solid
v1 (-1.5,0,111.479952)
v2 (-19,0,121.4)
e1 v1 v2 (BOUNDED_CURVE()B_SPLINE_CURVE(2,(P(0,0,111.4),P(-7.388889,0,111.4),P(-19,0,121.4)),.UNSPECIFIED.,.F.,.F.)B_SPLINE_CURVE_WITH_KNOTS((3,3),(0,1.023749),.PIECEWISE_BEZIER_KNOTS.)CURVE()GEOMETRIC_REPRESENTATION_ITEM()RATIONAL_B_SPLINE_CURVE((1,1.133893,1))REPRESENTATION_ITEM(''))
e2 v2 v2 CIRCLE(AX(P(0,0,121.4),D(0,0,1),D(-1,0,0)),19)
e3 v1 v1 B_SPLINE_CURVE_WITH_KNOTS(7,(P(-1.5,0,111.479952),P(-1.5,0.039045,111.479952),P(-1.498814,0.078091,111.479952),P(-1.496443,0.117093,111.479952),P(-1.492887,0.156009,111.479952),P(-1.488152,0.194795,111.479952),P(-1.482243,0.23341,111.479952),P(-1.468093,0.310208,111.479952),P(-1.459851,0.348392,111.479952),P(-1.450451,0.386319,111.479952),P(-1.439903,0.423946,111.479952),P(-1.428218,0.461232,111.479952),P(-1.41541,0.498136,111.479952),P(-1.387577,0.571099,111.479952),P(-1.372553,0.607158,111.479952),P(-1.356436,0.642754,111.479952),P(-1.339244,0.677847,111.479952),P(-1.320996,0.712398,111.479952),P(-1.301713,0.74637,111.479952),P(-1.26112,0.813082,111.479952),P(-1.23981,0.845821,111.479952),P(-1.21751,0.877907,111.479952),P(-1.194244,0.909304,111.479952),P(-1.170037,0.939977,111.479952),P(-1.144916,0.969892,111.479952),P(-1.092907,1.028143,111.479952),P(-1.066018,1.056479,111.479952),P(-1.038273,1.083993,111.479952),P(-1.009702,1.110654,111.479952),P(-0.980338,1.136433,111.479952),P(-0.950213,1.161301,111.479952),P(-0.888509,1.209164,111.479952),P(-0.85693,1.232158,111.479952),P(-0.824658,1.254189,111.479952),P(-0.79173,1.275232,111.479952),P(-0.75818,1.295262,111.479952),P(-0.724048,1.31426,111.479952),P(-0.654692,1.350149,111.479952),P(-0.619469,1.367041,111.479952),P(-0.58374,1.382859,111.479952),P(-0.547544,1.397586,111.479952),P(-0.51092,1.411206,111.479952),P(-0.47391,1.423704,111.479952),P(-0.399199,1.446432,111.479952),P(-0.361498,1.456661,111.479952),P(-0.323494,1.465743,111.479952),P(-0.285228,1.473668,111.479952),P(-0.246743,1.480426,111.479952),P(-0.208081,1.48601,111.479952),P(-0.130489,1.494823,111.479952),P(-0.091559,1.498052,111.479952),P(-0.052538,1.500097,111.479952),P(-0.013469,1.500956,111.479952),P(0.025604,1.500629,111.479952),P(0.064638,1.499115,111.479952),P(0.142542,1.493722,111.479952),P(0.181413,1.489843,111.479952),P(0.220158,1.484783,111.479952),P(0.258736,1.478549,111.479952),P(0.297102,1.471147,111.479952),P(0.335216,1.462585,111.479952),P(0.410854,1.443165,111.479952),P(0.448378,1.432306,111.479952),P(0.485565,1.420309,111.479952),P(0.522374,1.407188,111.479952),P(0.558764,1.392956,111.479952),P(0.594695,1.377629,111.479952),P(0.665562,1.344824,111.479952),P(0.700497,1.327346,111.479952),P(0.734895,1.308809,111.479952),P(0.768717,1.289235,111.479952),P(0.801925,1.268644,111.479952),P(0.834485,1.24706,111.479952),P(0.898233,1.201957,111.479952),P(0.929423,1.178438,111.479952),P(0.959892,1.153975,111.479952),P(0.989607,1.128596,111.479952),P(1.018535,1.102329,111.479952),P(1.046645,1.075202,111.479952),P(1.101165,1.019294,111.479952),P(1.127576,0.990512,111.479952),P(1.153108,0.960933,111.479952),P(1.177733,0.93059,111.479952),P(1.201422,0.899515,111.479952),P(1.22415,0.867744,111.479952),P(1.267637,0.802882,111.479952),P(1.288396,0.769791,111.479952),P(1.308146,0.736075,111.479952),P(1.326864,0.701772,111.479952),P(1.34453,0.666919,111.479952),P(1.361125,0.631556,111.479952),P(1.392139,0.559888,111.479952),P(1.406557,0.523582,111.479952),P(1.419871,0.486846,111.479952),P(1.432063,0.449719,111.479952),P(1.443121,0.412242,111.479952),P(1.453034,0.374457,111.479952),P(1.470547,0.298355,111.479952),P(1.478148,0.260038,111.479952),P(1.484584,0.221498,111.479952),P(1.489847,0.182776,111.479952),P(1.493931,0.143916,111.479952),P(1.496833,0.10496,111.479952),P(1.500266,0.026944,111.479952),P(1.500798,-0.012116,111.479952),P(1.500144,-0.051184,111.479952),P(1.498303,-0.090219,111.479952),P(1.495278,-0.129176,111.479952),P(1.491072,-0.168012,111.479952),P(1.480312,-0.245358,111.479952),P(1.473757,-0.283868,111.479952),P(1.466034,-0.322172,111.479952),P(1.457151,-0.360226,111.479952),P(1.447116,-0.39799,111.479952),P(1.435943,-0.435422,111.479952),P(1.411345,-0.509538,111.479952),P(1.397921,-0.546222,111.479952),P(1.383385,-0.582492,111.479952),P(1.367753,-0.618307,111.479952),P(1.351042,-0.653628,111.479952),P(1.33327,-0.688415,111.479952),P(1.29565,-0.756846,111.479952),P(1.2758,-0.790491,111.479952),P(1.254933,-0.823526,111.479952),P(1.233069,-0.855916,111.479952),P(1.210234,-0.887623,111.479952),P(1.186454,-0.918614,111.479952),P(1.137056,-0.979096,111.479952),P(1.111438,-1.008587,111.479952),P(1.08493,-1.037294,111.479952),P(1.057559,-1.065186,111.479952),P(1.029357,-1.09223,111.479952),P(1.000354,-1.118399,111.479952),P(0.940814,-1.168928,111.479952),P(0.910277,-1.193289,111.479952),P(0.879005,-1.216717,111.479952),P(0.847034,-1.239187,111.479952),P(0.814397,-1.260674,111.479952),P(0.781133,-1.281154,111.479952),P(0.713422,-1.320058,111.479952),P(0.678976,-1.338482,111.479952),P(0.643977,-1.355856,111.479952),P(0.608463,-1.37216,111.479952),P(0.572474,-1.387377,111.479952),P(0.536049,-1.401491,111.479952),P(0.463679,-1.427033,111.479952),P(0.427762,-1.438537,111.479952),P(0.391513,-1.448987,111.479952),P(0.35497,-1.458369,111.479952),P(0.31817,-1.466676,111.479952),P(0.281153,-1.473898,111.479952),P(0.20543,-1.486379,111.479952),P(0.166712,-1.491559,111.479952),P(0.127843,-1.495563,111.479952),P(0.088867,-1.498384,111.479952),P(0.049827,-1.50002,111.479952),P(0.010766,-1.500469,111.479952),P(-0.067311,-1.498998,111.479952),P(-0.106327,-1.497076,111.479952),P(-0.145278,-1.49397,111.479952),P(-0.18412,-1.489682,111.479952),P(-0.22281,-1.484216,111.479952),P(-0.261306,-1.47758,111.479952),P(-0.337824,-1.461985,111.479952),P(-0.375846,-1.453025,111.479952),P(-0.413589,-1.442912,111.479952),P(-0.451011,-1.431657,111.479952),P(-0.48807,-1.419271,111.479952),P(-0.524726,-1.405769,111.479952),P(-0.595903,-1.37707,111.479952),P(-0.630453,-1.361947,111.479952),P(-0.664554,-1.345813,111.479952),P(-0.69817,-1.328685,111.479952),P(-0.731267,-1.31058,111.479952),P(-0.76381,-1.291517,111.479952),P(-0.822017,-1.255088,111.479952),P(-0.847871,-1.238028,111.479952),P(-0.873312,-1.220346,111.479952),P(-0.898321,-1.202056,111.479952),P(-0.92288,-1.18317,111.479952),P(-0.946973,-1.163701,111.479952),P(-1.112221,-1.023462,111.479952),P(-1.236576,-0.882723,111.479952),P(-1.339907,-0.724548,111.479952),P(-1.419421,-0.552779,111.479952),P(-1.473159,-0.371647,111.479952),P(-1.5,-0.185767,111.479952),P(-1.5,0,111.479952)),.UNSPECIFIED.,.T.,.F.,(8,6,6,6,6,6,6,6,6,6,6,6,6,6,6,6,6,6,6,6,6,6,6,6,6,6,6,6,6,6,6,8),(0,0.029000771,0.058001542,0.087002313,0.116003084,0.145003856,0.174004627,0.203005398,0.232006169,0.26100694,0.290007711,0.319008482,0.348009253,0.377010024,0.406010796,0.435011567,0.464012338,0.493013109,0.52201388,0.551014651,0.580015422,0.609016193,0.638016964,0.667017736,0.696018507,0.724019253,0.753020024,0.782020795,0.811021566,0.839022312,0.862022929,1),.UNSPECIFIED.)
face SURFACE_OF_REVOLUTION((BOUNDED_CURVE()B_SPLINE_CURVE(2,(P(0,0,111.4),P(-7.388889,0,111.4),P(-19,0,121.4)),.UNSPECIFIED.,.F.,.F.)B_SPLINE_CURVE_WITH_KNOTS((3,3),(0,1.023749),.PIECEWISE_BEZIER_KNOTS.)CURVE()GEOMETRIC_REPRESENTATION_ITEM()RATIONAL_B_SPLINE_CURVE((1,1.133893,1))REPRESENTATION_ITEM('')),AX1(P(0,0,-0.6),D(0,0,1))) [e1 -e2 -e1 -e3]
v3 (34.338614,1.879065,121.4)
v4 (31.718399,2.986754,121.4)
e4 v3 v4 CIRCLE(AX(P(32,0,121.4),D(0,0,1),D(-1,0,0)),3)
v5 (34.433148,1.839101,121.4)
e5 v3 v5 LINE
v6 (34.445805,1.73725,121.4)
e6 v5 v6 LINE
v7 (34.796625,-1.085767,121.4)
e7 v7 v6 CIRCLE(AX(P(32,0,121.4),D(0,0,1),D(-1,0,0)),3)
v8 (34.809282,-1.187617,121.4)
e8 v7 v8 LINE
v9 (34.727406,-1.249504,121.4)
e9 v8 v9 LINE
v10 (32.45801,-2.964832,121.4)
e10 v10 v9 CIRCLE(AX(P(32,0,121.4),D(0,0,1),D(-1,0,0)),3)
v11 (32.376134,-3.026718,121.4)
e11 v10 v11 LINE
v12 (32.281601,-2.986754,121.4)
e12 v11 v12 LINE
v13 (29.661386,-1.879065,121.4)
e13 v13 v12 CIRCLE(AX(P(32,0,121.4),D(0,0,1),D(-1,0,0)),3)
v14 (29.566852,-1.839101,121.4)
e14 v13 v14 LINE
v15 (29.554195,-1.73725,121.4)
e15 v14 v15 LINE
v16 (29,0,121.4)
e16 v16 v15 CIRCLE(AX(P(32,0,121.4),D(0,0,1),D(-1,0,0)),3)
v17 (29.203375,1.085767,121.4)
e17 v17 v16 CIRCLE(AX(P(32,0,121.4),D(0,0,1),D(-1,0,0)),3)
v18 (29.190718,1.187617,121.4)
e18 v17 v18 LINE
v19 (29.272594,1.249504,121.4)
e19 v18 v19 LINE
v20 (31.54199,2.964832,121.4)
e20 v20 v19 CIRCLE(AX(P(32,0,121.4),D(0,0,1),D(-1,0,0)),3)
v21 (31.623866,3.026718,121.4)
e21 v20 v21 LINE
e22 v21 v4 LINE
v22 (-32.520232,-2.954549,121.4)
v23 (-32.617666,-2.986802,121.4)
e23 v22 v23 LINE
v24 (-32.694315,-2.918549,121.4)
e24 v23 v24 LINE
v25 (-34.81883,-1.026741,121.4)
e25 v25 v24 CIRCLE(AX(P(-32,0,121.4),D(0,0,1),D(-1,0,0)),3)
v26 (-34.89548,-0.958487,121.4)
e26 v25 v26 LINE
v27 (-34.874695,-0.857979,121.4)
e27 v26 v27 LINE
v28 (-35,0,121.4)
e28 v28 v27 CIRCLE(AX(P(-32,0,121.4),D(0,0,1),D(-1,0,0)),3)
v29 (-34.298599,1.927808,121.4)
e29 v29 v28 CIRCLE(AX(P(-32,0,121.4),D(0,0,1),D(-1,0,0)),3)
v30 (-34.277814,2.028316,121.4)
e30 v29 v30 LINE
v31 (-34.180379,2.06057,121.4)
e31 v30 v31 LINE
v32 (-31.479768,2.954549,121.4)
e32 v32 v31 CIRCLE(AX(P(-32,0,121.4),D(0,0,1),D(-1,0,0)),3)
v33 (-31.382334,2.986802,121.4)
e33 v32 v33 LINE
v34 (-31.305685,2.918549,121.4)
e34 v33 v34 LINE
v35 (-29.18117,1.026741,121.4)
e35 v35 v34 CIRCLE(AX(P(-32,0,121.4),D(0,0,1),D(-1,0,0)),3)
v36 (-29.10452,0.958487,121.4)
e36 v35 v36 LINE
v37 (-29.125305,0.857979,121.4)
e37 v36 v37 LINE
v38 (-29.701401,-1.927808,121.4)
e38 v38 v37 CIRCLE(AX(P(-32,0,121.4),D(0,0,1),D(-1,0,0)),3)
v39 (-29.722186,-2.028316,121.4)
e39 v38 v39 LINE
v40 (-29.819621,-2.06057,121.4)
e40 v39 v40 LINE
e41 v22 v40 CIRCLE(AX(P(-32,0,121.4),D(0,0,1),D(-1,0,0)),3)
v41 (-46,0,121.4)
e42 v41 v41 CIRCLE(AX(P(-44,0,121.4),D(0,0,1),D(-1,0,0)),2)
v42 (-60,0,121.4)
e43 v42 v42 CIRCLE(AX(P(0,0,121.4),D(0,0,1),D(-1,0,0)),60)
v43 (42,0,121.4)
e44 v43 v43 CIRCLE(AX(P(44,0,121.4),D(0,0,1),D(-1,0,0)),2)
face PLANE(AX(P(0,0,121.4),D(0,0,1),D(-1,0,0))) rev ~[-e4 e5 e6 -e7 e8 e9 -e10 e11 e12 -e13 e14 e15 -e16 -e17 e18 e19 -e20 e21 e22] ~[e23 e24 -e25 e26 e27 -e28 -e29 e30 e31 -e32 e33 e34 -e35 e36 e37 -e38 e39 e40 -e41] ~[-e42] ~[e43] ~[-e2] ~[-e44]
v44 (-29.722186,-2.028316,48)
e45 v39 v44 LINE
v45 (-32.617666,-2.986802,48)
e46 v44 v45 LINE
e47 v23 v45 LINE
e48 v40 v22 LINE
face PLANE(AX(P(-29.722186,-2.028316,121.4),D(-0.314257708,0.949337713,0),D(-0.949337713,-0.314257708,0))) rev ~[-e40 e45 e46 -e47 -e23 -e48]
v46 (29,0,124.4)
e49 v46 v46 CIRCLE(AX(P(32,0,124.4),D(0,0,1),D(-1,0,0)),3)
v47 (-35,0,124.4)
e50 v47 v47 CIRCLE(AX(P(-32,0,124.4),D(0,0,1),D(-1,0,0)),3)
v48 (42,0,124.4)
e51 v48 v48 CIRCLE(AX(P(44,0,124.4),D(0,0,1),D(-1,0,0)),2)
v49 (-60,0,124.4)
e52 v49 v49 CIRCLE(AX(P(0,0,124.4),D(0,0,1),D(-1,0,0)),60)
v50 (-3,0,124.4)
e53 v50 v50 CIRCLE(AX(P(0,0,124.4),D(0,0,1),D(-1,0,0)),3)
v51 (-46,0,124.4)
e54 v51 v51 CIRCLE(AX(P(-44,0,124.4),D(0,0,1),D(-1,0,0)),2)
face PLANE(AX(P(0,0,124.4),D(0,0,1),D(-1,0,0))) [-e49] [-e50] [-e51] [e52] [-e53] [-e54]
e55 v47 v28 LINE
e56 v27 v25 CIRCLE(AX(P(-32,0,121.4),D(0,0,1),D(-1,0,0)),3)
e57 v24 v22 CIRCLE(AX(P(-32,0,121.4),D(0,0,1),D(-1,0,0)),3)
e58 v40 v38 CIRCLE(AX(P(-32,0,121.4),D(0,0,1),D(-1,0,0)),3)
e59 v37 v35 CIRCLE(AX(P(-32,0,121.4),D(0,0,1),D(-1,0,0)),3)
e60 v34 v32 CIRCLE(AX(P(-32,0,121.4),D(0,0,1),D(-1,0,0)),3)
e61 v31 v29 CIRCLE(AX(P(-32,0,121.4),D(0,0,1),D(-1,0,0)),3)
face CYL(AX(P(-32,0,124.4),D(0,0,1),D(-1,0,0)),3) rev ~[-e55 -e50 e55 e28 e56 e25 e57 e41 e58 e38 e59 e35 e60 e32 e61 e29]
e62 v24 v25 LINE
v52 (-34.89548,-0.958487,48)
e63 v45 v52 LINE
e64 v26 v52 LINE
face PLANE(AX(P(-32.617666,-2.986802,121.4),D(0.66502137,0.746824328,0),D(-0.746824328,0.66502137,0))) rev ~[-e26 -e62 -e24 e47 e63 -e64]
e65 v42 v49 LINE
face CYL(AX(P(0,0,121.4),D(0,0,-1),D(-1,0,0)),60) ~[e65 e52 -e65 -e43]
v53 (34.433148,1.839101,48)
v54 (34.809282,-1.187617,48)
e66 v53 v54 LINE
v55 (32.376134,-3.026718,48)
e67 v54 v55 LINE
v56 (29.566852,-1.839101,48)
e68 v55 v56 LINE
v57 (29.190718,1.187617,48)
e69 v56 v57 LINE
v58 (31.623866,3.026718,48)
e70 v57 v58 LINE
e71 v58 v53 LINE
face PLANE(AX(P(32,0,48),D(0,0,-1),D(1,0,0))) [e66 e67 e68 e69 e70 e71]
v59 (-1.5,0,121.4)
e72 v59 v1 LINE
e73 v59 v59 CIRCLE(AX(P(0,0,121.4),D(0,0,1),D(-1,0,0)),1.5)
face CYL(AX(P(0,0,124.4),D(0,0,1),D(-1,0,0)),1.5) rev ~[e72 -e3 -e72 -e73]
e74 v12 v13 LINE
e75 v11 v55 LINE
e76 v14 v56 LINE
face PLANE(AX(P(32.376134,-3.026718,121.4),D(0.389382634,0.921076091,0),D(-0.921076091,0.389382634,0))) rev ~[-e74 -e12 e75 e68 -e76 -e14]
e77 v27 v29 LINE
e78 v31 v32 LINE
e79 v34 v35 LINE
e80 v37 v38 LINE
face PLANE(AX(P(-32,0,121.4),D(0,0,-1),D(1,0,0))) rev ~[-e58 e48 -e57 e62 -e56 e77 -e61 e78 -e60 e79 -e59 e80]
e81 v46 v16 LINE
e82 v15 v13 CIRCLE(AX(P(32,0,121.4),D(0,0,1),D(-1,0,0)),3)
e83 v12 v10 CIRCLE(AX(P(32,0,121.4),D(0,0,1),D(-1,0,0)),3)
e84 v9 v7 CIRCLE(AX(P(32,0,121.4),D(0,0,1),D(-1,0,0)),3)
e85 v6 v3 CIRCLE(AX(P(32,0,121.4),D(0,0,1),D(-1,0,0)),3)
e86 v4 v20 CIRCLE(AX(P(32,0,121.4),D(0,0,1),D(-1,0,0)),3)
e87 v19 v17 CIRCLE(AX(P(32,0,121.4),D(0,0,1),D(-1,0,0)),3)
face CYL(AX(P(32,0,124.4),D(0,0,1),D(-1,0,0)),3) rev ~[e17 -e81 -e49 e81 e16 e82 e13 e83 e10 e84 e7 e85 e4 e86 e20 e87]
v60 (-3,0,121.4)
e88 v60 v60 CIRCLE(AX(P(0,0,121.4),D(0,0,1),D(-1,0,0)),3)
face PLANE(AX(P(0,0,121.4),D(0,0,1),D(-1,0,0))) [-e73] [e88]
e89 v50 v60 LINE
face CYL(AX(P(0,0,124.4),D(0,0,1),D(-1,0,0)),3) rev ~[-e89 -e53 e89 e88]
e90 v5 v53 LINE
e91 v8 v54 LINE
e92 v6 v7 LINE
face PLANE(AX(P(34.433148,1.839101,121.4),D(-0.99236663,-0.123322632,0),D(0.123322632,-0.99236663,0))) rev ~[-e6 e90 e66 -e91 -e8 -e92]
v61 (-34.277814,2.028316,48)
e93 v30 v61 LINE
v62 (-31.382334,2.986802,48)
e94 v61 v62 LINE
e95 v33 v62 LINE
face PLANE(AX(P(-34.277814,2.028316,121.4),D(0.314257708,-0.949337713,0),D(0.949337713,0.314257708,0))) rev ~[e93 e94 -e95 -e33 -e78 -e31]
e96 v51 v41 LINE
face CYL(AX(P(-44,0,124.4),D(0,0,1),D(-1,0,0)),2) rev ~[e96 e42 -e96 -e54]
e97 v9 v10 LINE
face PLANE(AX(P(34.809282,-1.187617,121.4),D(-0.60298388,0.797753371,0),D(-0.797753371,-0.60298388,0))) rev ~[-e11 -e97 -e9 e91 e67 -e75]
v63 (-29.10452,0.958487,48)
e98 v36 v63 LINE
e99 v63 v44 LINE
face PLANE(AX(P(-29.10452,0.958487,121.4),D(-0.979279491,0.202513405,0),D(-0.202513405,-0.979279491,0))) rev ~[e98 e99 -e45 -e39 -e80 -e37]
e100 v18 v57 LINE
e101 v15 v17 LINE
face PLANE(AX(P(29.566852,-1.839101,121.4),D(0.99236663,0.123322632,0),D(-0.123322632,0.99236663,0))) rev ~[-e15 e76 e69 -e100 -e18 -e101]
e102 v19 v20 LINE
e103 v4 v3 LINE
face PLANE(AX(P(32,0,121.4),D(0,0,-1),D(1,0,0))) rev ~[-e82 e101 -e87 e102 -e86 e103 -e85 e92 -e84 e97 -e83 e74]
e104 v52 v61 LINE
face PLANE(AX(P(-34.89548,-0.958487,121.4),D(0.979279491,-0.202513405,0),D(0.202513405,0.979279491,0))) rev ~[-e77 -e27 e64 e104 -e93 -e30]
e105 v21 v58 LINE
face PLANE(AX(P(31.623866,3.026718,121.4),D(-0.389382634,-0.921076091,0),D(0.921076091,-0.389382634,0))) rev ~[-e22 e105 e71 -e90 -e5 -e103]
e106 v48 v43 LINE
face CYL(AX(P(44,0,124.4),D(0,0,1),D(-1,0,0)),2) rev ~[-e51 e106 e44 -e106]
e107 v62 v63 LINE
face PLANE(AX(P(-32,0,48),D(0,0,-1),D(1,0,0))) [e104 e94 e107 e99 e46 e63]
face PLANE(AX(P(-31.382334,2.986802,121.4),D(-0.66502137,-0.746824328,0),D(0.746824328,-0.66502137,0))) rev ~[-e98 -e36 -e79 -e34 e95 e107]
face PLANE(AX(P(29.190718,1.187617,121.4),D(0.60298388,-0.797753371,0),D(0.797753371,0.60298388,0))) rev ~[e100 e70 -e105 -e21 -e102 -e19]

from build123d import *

# Parameters (mm, degrees)
SKETCH265_R     = 60
PAD106_DEPTH    = 3
SKETCH266_R     = 3
SKETCH266_R_2   = 2
POCKET129_DEPTH = 3
SKETCH267_R     = 1.5
POCKET130_DEPTH = 13.001
PAD111_DEPTH    = 73.4


with BuildPart() as part:
    # Sketch005 → Revolution (revolve)
    with BuildSketch(Plane.XZ):
        with BuildLine():
            add(Edge.make_bspline(
                [(0, 112), (-7.388889, 112), (-19, 122)],
                knots=[0, 0, 0, 1.023749, 1.023749, 1.023749], degree=2, weights=[1, 1.133893, 1]))
            Line((-19, 122), (0, 122))
            Line((0, 122), (0, 112))
        make_face()
    revolve(axis=Axis((0, 0, 0), (0, 0, 1)))

    # Sketch265 (on Face2 of Revolution) → Pad106 (new body)
    with BuildSketch(Plane(origin=(0, 0, 122), x_dir=(-1, 0, 0), z_dir=(0, 0, 1))):
        Circle(SKETCH265_R)
    extrude(amount=PAD106_DEPTH)

    # Sketch266 (on Face3 of Pad106) → Pocket129 (cut)
    with BuildSketch(Plane(origin=(0, 0, 125), x_dir=(-1, 0, 0), z_dir=(0, 0, 1))):
        Circle(SKETCH266_R)
        with Locations((-32, 0)):
            Circle(SKETCH266_R)
        with Locations((32, 0)):
            Circle(SKETCH266_R)
        with Locations((-44, 0)):
            Circle(SKETCH266_R_2)
        with Locations((44, 0)):
            Circle(SKETCH266_R_2)
    extrude(amount=-POCKET129_DEPTH, mode=Mode.SUBTRACT)

    # Sketch267 (on Face3 of Pocket129) → Pocket130 (cut, through all)
    with BuildSketch(Plane(origin=(0, 0, 125), x_dir=(-1, 0, 0), z_dir=(0, 0, 1))):
        Circle(SKETCH267_R)
    extrude(amount=-POCKET130_DEPTH, mode=Mode.SUBTRACT)

    # Sketch274 (on Face2 of Pocket130) → Pad111 (join)
    with BuildSketch(Plane(origin=(0, 0, 122), x_dir=(1, 0, 0), z_dir=(0, 0, -1))):
        Polygon((-29.10452, -0.958487), (-29.722186, 2.028316), (-32.617666, 2.986802), (-34.89548, 0.958487), (-34.277814, -2.028316), (-31.382334, -2.986802), align=None)
        Polygon((34.433148, -1.839101), (34.809282, 1.187617), (32.376134, 3.026718), (29.566852, 1.839101), (29.190718, -1.187617), (31.623866, -3.026718), align=None)
    extrude(amount=PAD111_DEPTH)


with BuildPart() as part_1:
    # Body001 placement: moved
    add(part.part.moved(Location((0, 0, -0.6))))


solid = part_1.part
